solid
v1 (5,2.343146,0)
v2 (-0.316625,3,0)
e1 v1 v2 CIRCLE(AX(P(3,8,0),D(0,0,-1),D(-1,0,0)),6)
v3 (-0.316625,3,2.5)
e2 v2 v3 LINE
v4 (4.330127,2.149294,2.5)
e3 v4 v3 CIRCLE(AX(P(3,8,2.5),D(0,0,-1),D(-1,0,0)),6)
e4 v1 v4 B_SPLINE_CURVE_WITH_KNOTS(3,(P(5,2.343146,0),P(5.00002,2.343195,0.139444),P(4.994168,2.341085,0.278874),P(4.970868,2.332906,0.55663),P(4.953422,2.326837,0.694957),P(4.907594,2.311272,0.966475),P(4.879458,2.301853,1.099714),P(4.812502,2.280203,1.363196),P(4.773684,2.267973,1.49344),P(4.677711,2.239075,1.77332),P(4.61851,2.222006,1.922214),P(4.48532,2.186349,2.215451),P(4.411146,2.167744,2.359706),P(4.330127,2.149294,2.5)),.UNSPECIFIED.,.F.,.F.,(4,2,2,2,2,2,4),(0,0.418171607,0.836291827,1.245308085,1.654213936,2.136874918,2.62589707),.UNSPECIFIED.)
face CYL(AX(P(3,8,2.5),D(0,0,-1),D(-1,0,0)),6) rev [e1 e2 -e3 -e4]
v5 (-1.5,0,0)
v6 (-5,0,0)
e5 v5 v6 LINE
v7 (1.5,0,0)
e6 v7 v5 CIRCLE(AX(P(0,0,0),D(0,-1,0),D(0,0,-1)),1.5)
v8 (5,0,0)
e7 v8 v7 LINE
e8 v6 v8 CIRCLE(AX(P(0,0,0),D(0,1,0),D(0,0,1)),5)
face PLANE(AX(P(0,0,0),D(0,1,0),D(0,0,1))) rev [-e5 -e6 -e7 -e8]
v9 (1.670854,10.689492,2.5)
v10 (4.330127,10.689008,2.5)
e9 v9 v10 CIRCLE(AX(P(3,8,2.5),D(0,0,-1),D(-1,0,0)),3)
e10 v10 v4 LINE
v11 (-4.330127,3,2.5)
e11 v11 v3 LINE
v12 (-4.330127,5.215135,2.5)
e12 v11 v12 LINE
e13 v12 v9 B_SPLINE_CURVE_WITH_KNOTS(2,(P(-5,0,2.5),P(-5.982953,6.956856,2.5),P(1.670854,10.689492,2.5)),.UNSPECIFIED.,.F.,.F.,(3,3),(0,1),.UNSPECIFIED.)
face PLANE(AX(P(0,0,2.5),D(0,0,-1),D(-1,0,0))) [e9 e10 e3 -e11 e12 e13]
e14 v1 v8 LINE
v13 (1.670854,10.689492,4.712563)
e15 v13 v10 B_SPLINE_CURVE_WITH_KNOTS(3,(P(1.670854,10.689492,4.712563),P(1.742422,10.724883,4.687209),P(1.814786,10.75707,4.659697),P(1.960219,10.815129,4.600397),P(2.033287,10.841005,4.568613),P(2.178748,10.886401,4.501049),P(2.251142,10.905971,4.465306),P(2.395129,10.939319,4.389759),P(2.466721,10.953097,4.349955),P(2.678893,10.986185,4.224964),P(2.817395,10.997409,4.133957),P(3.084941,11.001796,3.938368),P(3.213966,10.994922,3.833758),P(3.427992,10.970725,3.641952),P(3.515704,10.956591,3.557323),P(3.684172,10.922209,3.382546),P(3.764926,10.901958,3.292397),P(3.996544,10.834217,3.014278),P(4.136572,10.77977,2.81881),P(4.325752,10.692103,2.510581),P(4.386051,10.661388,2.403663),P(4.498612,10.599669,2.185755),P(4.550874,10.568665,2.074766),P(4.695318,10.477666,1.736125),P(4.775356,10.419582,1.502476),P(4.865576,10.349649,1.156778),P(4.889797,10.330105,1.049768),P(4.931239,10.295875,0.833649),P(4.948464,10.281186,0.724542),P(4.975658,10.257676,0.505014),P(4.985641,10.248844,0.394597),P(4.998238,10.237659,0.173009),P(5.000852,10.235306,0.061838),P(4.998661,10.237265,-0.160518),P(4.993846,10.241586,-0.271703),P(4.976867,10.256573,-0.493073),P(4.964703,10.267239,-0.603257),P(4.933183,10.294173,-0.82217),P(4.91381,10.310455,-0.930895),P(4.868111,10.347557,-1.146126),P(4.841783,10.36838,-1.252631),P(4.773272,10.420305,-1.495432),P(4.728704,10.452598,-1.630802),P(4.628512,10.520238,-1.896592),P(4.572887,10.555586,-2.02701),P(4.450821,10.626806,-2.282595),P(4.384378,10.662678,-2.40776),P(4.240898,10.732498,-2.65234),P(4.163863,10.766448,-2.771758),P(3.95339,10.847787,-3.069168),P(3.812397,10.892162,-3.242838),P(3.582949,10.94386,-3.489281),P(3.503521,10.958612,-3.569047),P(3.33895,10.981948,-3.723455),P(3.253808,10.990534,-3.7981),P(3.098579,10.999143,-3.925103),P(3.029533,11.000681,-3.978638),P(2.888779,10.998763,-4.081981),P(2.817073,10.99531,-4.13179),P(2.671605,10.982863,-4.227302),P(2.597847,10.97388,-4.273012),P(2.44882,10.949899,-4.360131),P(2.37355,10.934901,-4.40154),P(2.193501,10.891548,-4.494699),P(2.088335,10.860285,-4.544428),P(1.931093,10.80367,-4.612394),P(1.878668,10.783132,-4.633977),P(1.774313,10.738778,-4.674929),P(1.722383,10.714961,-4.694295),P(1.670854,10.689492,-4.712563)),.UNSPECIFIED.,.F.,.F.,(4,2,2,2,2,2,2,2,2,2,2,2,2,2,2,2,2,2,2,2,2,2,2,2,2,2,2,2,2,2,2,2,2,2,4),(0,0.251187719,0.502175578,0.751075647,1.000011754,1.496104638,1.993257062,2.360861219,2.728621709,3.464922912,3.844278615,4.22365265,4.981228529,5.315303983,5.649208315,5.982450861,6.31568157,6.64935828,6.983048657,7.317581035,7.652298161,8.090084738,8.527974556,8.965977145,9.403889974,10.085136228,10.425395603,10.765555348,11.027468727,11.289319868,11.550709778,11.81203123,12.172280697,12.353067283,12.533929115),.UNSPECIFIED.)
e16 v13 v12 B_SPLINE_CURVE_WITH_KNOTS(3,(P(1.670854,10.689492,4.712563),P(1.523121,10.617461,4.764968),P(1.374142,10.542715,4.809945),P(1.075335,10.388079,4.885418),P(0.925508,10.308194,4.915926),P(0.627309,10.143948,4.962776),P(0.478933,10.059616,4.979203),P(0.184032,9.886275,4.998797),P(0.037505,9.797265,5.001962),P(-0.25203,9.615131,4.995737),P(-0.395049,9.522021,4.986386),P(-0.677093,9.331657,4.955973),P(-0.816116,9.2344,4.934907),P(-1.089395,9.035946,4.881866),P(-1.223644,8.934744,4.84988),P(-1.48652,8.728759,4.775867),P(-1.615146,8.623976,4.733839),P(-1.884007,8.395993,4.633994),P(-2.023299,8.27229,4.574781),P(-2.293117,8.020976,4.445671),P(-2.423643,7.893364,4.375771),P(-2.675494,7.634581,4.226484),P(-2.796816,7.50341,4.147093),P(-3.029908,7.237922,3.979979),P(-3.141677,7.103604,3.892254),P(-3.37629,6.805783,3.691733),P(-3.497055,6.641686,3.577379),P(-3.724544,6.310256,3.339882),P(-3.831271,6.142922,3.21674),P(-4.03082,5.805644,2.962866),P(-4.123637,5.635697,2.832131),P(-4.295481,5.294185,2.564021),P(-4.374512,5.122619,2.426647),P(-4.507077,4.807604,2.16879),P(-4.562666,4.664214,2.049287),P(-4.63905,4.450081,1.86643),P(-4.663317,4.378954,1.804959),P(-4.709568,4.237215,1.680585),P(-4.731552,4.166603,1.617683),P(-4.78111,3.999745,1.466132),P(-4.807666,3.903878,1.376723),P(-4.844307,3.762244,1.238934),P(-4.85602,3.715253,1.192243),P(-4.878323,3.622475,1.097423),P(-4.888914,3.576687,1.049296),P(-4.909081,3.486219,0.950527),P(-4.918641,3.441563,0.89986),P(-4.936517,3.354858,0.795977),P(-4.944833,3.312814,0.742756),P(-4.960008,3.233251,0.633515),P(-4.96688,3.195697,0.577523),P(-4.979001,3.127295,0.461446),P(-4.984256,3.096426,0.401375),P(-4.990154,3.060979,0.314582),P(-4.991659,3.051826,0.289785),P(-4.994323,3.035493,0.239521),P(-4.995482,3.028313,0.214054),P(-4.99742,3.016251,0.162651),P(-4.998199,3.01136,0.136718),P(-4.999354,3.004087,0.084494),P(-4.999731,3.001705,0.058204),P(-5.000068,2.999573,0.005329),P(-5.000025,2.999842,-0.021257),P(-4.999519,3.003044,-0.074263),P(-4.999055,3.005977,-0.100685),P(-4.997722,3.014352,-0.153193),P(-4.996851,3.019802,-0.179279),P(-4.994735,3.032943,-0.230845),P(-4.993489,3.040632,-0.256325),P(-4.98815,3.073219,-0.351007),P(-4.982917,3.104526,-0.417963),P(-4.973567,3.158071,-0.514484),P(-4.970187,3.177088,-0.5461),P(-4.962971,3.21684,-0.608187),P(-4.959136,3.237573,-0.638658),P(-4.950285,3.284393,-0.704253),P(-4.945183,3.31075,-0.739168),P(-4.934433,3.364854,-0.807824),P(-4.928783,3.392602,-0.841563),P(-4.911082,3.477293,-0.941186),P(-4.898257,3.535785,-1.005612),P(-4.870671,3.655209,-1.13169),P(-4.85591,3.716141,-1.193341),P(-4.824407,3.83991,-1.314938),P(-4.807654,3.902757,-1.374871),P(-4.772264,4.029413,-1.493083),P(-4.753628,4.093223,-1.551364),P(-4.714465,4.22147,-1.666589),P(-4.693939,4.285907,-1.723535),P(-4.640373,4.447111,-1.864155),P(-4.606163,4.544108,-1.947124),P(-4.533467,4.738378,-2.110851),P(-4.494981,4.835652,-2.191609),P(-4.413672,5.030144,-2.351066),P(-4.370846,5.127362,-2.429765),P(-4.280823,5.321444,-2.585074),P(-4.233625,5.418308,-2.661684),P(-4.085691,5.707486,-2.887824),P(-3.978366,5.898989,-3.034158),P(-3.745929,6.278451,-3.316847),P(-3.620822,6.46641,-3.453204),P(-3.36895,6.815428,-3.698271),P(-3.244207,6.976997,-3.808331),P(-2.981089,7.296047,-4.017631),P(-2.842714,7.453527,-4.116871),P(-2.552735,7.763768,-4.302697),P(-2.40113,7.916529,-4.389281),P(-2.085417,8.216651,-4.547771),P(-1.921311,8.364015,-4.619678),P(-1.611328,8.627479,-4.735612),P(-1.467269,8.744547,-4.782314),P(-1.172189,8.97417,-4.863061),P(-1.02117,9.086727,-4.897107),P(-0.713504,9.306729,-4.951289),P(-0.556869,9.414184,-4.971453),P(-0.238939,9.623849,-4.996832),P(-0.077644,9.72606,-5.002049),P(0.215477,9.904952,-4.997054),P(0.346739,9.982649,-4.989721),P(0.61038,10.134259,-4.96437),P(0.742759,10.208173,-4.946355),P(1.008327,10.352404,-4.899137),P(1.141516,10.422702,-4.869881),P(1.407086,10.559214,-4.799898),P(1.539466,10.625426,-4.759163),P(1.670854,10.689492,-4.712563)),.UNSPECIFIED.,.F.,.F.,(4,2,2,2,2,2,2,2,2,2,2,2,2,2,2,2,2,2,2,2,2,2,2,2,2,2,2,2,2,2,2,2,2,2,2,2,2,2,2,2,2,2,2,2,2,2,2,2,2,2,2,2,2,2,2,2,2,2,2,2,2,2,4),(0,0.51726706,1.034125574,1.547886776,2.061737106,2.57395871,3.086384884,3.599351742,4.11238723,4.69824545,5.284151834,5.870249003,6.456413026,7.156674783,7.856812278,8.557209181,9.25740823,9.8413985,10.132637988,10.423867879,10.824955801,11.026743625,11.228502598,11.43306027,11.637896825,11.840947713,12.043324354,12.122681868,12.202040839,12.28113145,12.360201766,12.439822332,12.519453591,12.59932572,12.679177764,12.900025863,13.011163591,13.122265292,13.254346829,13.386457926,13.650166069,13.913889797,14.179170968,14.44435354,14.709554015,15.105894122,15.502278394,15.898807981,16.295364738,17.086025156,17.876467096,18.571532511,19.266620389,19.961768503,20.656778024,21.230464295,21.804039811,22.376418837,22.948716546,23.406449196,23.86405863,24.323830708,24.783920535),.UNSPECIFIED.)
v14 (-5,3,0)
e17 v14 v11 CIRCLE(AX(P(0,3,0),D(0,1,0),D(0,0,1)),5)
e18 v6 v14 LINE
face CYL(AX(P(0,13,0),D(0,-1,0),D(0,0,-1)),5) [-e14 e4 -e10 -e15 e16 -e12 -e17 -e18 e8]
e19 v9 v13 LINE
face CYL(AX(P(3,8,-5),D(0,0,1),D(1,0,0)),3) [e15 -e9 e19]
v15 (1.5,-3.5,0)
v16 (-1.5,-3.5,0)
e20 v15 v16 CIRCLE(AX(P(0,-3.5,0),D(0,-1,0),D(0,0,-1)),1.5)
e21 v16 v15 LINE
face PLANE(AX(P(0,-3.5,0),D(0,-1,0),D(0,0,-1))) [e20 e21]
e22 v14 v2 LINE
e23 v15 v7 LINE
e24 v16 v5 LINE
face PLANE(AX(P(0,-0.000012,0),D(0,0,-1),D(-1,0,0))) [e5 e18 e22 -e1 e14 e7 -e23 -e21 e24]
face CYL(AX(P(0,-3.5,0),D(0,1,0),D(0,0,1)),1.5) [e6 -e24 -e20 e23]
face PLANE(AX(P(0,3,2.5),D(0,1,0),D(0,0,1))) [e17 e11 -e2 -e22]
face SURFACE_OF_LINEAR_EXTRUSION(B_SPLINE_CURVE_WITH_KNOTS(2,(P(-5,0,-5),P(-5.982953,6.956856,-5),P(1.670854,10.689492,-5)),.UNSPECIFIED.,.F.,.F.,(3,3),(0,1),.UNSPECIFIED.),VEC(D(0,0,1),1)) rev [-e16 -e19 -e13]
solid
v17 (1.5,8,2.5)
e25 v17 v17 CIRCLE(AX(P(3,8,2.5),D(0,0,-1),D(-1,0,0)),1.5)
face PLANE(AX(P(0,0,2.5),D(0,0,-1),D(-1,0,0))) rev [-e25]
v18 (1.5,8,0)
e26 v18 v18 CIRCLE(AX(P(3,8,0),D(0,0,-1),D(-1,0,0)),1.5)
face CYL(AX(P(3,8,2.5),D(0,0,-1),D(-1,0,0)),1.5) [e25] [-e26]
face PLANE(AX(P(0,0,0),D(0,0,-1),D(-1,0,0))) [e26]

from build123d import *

# Parameters (mm, degrees)
SKETCH1_R               = 5
BOSS_EXTRUDE1_DEPTH     = 13
CUT_EXTRUDE1_DEPTH      = 6
CUT_EXTRUDE1_DEPTH_BACK = 6
CUT_EXTRUDE5_DEPTH      = 12.000000091
CUT_EXTRUDE5_DEPTH_BACK = 1.0000001
CUT_EXTRUDE6_DEPTH      = 2.5
SKETCH6_R               = 1.5
BOSS_EXTRUDE2_DEPTH     = 2.5
BOSS_EXTRUDE3_DEPTH     = 3.5
SKETCH8_R               = 6
SKETCH8_R_2             = 1.5
CUT_EXTRUDE8_DEPTH      = 2.5


with BuildPart() as part:
    # Sketch1 → Boss-Extrude1 (new body)
    with BuildSketch(Plane(origin=(0, 0, 0), x_dir=(1, 0, 0), z_dir=(0, 1, 0))):
        Circle(SKETCH1_R)
    extrude(amount=BOSS_EXTRUDE1_DEPTH)

    # Sketch2 → Cut-Extrude1 (cut, two sides)
    with BuildSketch(Plane.XY) as cut_extrude1_sk:
        with BuildLine():
            Line((3, 13), (0, 13))
            Line((0, 13), (-5, 13))
            Line((-5, 13), (-5, 3))
            add(Edge.make_bspline(
                [(-5, 3), (-4.520998695, 6.032498319), (-1.99103132, 8.299343225)],
                knots=[0.227620842, 0.227620842, 0.227620842, 0.714929142, 0.714929142, 0.714929142], degree=2))
            ThreePointArc((-1.99103132, 8.299343225), (-0.428066793, 11.6398294), (3, 13))
        make_face()
        with BuildLine():
            Line((3, 11), (3, 13))
            ThreePointArc((3, 13), (-0.428066793, 11.6398294), (-1.99103132, 8.299343225))
            add(Edge.make_bspline(
                [(-1.99103132, 8.299343225), (-0.511023752, 9.625426577), (1.670853534, 10.689492456)],
                knots=[0.714929142, 0.714929142, 0.714929142, 1, 1, 1], degree=2))
            ThreePointArc((1.670853534, 10.689492456), (2.317532919, 10.921341932), (3, 11))
        make_face()
        with BuildLine():
            ThreePointArc((5, 12.582575695), (4.021548218, 12.894531565), (3, 13))
            Line((3, 13), (3, 11))
            ThreePointArc((3, 11), (4.070466269, 10.802517077), (5, 10.236067977))
            Line((5, 10.236067977), (5, 12.582575695))
        make_face()
        with BuildLine():
            ThreePointArc((8, 8), (7.183300133, 10.738612788), (5, 12.582575695))
            Line((5, 12.582575695), (5, 10.236067977))
            ThreePointArc((5, 10.236067977), (5.738612788, 9.224744871), (6, 8))
            ThreePointArc((6, 8), (5.9642797, 7.538431086), (5.857969425, 7.08785376))
            ThreePointArc((5.857969425, 7.08785376), (5.845570523, 7.049879797), (5.832667083, 7.012074296))
            add(Edge.make_bspline(
                [(5.04344694, 3.436632318), (5.24663774, 5.244224617), (5.832667083, 7.012074296)],
                knots=[0.479473452, 0.479473452, 0.479473452, 0.989075242, 0.989075242, 0.989075242], degree=2))
            ThreePointArc((5.04344694, 3.436632318), (7.196262307, 5.28129026), (8, 8))
        make_face()
        with BuildLine():
            Line((5, 5.763932023), (5, 3.417424305))
            ThreePointArc((5, 3.417424305), (5.021746281, 3.426976714), (5.04344694, 3.436632318))
            add(Edge.make_bspline(
                [(5.04344694, 3.436632318), (5.24663774, 5.244224617), (5.832667083, 7.012074296)],
                knots=[0.479473452, 0.479473452, 0.479473452, 0.989075242, 0.989075242, 0.989075242], degree=2))
            ThreePointArc((5.832667083, 7.012074296), (5.495622681, 6.335107381), (5, 5.763932023))
        make_face()
        with BuildLine():
            Line((5, 13), (3, 13))
            ThreePointArc((3, 13), (4.021548218, 12.894531565), (5, 12.582575695))
            Line((5, 12.582575695), (5, 13))
        make_face()
    extrude(amount=CUT_EXTRUDE1_DEPTH, mode=Mode.SUBTRACT)
    extrude(cut_extrude1_sk.sketch, amount=-CUT_EXTRUDE1_DEPTH_BACK, mode=Mode.SUBTRACT)

    # Sketch4 → Cut-Extrude5 (cut, two sides)
    with BuildSketch(Plane(origin=(0, 0, 0), x_dir=(1, 0, 0), z_dir=(0, 1, 0))) as cut_extrude5_sk:
        Polygon((0, 0), (-5.690111437, 0), (-5.690111437, 7.683278955), (11.026883972, 8.496072863), (8.601615285, 0), align=None)
    extrude(amount=CUT_EXTRUDE5_DEPTH, mode=Mode.SUBTRACT)
    extrude(cut_extrude5_sk.sketch, amount=-CUT_EXTRUDE5_DEPTH_BACK, mode=Mode.SUBTRACT)

    # Sketch5 → Cut-Extrude6 (cut)
    with BuildSketch(Plane(origin=(0, 0, 0), x_dir=(-1, 0, 0), z_dir=(0, 0, -1))):
        Polygon((0, 3), (-6.67084339, 3), (-6.67084339, 14.94999742), (5.657152112, 14.94999742), (5.977359788, 3), align=None)
    extrude(amount=-CUT_EXTRUDE6_DEPTH, mode=Mode.SUBTRACT)

    # Sketch7 → Boss-Extrude3 (add)
    with BuildSketch(Plane.XZ):
        with BuildLine():
            ThreePointArc((1.5, 0), (0, 1.5), (-1.5, 0))
            Line((-1.5, 0), (1.5, 0))
        make_face()
    extrude(amount=BOSS_EXTRUDE3_DEPTH)

    # Sketch8 → Cut-Extrude8 (cut)
    with BuildSketch(Plane(origin=(0, 0, 0), x_dir=(-1, 0, 0), z_dir=(0, 0, -1))):
        with Locations((-3, 8)):
            Circle(SKETCH8_R)
        with Locations((-3, 8)):
            Circle(SKETCH8_R_2, mode=Mode.SUBTRACT)
    extrude(amount=-CUT_EXTRUDE8_DEPTH, mode=Mode.SUBTRACT)


with BuildPart() as body_2:
    # Sketch6 → Boss-Extrude2 (new body)
    with BuildSketch(Plane(origin=(0, 0, 0), x_dir=(-1, 0, 0), z_dir=(0, 0, -1))):
        with Locations((-3, 8)):
            Circle(SKETCH6_R)
    extrude(amount=-BOSS_EXTRUDE2_DEPTH)


solid = Compound([part.part, body_2.part])
